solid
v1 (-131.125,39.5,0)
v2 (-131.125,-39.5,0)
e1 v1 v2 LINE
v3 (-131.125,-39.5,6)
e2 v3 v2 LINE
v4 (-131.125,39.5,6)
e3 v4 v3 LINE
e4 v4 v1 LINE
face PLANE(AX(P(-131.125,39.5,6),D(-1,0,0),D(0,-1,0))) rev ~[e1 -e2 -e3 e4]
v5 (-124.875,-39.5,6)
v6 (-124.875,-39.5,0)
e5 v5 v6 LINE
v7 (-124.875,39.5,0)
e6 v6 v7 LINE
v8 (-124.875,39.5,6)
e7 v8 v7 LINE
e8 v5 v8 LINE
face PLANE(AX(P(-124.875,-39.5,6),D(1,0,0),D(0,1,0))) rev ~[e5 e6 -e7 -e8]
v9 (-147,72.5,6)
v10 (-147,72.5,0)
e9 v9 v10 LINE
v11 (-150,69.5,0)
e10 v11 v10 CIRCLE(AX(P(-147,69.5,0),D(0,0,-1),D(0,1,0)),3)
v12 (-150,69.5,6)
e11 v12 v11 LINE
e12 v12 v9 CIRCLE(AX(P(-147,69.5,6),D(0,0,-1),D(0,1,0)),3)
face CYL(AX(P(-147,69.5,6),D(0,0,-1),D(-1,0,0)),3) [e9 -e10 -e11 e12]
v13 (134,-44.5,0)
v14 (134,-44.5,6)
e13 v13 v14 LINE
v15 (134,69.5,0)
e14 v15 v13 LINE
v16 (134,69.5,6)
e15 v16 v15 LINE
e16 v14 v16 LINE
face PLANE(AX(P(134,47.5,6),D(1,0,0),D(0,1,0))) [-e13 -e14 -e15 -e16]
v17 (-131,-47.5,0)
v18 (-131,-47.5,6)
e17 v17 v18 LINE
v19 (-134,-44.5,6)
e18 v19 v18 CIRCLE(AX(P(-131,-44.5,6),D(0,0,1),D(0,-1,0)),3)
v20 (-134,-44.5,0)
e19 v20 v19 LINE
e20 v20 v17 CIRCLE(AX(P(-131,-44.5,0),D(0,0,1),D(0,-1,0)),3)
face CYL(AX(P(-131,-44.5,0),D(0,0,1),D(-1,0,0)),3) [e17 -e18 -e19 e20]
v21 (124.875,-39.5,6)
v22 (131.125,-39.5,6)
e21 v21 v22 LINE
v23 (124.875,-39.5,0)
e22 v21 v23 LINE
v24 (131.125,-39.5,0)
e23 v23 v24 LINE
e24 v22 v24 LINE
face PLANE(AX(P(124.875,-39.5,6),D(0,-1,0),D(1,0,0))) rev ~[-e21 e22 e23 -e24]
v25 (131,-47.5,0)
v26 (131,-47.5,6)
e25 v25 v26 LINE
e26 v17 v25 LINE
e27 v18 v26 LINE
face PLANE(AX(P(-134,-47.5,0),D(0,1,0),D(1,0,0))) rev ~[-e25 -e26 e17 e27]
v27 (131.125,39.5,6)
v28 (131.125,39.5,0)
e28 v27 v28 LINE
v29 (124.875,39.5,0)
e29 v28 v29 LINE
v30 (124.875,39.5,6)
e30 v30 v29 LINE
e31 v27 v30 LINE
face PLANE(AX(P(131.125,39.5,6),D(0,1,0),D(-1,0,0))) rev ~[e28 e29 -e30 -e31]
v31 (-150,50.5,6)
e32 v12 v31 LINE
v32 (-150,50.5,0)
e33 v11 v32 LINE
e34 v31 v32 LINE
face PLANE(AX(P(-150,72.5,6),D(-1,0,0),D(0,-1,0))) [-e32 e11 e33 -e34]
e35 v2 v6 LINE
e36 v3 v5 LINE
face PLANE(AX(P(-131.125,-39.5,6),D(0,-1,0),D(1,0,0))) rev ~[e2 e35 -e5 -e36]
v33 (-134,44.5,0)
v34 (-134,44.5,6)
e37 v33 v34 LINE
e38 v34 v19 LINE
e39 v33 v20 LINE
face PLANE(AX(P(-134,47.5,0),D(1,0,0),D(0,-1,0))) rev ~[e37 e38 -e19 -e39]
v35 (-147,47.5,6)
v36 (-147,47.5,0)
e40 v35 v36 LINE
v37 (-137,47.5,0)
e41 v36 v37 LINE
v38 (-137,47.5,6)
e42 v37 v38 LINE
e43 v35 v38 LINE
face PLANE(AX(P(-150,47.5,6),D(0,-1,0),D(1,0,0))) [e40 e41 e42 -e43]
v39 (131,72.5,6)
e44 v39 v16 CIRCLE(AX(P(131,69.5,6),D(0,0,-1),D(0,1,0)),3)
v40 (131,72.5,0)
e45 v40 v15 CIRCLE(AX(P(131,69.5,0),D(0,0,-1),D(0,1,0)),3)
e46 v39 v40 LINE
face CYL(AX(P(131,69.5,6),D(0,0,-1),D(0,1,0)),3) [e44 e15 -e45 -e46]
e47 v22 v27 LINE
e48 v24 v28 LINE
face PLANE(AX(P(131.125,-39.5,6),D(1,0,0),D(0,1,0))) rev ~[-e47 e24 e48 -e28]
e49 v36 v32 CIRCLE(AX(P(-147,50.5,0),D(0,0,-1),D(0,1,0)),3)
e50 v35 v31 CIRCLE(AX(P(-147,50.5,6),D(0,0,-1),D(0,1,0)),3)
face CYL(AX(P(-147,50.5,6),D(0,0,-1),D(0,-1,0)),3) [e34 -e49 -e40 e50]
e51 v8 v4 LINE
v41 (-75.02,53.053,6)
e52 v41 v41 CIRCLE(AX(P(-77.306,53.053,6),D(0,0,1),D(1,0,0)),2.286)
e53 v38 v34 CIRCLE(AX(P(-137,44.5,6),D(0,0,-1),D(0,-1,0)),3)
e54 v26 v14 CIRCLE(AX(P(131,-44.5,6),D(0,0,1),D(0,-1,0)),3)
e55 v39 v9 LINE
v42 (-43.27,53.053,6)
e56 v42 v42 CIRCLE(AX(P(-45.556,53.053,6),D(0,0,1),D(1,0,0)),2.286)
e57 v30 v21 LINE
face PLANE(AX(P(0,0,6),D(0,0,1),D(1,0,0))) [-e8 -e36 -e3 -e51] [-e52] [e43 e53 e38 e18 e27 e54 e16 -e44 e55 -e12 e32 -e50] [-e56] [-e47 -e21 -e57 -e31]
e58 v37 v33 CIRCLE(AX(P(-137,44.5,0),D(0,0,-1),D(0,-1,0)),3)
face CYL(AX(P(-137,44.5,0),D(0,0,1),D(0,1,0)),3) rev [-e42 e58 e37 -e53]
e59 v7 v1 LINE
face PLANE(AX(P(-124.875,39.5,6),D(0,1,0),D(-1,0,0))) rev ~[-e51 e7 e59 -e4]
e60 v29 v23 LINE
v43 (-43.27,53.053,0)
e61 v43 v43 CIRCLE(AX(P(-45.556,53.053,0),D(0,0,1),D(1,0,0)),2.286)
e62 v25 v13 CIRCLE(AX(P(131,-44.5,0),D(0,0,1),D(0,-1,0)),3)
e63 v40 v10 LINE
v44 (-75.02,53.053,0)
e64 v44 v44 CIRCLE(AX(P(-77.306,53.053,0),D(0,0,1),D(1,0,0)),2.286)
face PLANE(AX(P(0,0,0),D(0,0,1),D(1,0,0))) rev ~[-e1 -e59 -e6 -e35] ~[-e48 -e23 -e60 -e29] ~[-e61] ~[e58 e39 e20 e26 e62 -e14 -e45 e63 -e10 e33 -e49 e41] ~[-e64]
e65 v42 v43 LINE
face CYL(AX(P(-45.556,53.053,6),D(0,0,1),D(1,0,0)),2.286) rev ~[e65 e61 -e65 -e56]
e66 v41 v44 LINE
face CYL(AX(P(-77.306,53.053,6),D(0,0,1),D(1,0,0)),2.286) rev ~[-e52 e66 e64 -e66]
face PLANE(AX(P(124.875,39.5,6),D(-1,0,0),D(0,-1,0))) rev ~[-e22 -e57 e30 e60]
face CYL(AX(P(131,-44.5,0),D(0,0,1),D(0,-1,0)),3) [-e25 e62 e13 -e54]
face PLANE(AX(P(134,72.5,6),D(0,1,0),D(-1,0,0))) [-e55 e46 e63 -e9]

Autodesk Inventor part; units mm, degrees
ref_plane "YZ Plane" through (0, 0, 0) normal (1, 0, 0) x (0, 1, 0)
ref_plane "XZ Plane" through (0, 0, 0) normal (0, 1, 0) x (-1, 0, 0)
ref_plane "XY Plane" through (0, 0, 0) normal (0, 0, 1) x (1, 0, 0)
sketch "Sketch1" plane through (0, 0, 0) normal (0, 0, 1) x (1, 0, 0)
  line L0 (-134, -47.5) -> (134, -47.5)
  line L1 (134, -47.5) -> (134, 47.5)
  line L2 (134, 47.5) -> (-134, 47.5)
  line L3 (-134, 47.5) -> (-134, -47.5)
  line L4 (-134, -47.5) -> (134, 47.5) construction
  line L5 (134, -47.5) -> (-134, 47.5) construction
  point P0 (0, 0)
  dimension "d0" = 95
  dimension "d1" = 268
extrude "Extrusion1" add sketch "Sketch1" along normal blind 6
sketch "Sketch2" plane through (0, 0, 6) normal (0, 0, 1) x (1, 0, 0)
  line L0 (-134, 47.5) -> (-134, -47.5) projected
  line L1 (-131.125, -39.5) -> (-124.875, -39.5)
  line L2 (-124.875, -39.5) -> (-124.875, 39.5)
  line L3 (-124.875, 39.5) -> (-131.125, 39.5)
  line L4 (-131.125, 39.5) -> (-131.125, -39.5)
  line L5 (-131.125, -39.5) -> (-124.875, 39.5) construction
  line L6 (-124.875, -39.5) -> (-131.125, 39.5) construction
  line L7 (124.875, -39.5) -> (131.125, -39.5)
  line L8 (131.125, -39.5) -> (131.125, 39.5)
  line L9 (131.125, 39.5) -> (124.875, 39.5)
  line L10 (124.875, 39.5) -> (124.875, -39.5)
  line L11 (124.875, -39.5) -> (131.125, 39.5) construction
  line L12 (131.125, -39.5) -> (124.875, 39.5) construction
  line L13 (-134, -47.5) -> (134, -47.5) projected
  line L14 (134, -47.5) -> (134, 47.5) projected
  point P0 (0, 0)
  point P1 (-128, 0)
  point P2 (128, 0)
  dimension "d4" = 6.25
  dimension "d5" = 2.875
  dimension "d23" = 8
  dimension "d24" = 2.875
extrude "Extrusion2" cut sketch "Sketch2" against normal through all
fillet "Fillet2" radius 3 2 edges at (-134, -47.5, 3) (134, -47.5, 3)
sketch "Sketch3" plane through (0, 0, 6) normal (0, 0, 1) x (1, 0, 0)
  line L0 (134, 47.5) -> (-134, 47.5) projected
  line L1 (-150, 47.5) -> (134, 47.5)
  line L2 (134, 47.5) -> (134, 72.5)
  line L3 (134, 72.5) -> (-150, 72.5)
  line L4 (-150, 72.5) -> (-150, 47.5)
  point P0 (0, 0)
  dimension "d12" = 25
  dimension "d25" = 150
extrude "Extrusion3" add sketch "Sketch3" against normal blind 6
fillet "Fillet3" radius 3 4 edges at (134, 72.5, 3) (-150, 47.5, 3) (-150, 72.5, 3) (-134, 47.5, 3)
sketch "Sketch5" plane through (0, 0, 6) normal (0, 0, 1) x (1, 0, 0)
  line L0 (-150, 50.5) -> (-150, 69.5) projected
  line L1 (-147, 72.5) -> (131, 72.5) projected
  circle A0 centre (-77.306, 53.053) radius 2.286
  circle A1 centre (-45.556, 53.053) radius 2.286
  point P0 (0, 0)
  dimension "d26" = 72.694
  dimension "d27" = 31.75
  dimension "d28" = 19.447
  dimension "d29" = 4.572
extrude "Extrusion5" cut sketch "Sketch5" against normal blind 10
equation "\"d24\" = d5"
properties part number "TopTopPanel"
